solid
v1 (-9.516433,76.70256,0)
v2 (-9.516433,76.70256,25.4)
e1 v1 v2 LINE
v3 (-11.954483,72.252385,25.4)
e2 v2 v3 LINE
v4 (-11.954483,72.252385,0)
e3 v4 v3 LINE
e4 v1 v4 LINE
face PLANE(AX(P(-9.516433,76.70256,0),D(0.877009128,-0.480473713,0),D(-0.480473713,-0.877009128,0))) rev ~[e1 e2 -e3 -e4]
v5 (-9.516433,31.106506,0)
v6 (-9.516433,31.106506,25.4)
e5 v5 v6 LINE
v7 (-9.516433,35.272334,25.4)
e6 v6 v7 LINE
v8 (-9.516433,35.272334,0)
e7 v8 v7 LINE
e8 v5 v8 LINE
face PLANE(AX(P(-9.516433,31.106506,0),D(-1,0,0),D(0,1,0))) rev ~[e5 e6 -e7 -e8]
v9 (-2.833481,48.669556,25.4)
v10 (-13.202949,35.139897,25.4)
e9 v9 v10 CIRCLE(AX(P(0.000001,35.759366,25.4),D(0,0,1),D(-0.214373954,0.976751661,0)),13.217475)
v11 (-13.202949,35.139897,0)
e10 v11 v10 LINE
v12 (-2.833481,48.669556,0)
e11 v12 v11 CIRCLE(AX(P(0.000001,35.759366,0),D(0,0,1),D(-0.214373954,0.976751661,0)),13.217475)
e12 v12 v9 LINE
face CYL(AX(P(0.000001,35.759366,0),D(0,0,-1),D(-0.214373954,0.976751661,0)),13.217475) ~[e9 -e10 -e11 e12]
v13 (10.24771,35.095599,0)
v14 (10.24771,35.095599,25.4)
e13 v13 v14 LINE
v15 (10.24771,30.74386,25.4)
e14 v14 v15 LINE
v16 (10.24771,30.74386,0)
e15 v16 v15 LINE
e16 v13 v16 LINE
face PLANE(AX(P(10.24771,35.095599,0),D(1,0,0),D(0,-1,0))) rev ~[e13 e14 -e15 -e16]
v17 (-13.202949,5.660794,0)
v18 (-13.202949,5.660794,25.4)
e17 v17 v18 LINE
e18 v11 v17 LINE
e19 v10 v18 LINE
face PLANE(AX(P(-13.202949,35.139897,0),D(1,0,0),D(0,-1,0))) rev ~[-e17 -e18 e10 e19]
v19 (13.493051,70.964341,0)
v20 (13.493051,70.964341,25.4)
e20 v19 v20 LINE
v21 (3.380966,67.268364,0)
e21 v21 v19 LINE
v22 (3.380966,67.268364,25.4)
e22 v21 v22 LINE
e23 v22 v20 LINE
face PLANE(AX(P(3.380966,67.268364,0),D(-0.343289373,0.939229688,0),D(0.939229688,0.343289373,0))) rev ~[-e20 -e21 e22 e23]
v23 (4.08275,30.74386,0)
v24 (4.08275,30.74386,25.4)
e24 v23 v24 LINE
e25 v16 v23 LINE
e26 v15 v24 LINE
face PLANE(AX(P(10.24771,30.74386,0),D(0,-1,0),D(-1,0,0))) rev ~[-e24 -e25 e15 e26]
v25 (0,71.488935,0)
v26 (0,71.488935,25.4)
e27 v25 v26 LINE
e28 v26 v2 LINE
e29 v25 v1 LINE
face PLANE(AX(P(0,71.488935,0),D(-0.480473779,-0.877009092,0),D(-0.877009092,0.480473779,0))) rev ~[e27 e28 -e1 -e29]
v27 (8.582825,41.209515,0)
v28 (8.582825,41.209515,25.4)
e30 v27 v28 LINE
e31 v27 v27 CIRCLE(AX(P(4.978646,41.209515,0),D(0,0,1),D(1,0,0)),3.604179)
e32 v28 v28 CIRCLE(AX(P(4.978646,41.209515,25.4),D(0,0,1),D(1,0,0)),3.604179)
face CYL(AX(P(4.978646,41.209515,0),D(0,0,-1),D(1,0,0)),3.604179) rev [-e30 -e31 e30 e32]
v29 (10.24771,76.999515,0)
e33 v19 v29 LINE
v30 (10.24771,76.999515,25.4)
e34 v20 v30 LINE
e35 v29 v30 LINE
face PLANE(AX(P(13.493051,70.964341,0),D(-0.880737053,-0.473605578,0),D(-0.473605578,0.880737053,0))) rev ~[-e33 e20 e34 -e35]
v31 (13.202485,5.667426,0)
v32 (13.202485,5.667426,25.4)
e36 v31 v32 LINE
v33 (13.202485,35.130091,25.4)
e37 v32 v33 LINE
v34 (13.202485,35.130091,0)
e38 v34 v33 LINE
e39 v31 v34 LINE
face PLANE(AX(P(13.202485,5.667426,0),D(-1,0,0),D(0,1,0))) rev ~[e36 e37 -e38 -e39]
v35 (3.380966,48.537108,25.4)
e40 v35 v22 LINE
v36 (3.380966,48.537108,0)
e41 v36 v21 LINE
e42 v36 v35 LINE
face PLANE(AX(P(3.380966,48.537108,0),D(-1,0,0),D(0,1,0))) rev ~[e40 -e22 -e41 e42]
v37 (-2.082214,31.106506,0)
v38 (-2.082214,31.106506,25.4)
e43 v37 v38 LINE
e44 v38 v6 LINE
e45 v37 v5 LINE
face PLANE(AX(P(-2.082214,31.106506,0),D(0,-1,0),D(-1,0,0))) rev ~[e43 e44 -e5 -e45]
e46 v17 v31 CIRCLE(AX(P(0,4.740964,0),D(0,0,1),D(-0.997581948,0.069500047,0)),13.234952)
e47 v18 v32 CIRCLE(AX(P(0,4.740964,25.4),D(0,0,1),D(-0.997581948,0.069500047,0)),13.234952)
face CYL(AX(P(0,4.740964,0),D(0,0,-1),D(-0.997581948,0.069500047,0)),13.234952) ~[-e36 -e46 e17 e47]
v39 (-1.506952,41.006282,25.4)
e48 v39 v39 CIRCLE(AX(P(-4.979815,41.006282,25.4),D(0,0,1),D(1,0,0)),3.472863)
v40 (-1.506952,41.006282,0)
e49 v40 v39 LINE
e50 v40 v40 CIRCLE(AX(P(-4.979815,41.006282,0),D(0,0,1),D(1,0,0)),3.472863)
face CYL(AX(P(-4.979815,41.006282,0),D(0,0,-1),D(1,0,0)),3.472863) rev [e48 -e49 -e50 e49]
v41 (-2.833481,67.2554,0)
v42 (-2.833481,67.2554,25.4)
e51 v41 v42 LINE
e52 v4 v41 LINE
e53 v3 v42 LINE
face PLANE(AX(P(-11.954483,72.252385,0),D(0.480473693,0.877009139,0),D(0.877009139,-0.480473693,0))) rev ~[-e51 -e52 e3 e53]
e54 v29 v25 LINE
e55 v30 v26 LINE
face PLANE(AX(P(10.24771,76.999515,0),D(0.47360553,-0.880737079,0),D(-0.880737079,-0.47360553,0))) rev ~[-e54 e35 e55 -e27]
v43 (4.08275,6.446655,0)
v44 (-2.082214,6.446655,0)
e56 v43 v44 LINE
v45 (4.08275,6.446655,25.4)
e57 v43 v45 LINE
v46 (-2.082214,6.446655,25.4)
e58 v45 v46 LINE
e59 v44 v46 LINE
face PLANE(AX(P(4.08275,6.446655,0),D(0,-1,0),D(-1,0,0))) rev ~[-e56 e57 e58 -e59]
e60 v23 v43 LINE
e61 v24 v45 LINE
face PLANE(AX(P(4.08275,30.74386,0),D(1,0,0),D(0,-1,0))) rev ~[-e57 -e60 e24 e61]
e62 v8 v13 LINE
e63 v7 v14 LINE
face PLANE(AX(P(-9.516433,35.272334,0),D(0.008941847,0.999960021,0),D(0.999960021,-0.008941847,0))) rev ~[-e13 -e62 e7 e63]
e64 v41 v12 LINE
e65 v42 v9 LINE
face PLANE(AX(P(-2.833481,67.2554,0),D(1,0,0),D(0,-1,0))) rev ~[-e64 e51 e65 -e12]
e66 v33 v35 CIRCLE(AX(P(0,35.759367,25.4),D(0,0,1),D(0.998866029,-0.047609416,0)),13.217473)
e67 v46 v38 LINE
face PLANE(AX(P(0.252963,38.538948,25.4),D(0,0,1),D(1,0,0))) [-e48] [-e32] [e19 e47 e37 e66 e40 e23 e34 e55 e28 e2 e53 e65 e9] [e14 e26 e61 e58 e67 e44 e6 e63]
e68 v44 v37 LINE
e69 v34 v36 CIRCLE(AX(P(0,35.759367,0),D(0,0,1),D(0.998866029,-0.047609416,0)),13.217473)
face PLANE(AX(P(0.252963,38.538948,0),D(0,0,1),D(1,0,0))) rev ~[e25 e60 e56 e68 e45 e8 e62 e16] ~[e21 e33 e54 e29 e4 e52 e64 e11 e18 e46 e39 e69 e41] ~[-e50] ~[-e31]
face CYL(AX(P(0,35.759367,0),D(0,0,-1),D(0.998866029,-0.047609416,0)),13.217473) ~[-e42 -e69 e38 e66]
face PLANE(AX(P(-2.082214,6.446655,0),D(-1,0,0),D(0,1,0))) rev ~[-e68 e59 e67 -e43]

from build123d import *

# Parameters (mm, degrees)
F0_R     = 3.472863
F0_R_2   = 3.604179
F1_DEPTH = 25.4


with BuildPart() as f1:
    # F0 (on Top) → F1 (new body)
    with BuildSketch(Plane.XY):
        with BuildLine():
            Line((13.202485, 5.667426), (13.202485, 35.130091))
            ThreePointArc((13.202485, 35.130091), (10.662539, 43.570376), (3.380966, 48.537108))
            Line((3.380966, 48.537108), (3.380966, 67.268364))
            Line((3.380966, 67.268364), (13.493051, 70.964341))
            Line((13.493051, 70.964341), (10.24771, 76.999515))
            Line((10.24771, 76.999515), (0, 71.488935))
            Line((0, 71.488935), (-9.516433, 76.70256))
            Line((-9.516433, 76.70256), (-11.954483, 72.252385))
            Line((-11.954483, 72.252385), (-2.833481, 67.2554))
            Line((-2.833481, 67.2554), (-2.833481, 48.669556))
            ThreePointArc((-2.833481, 48.669556), (-10.490695, 43.799697), (-13.202949, 35.139897))
            Line((-13.202949, 35.139897), (-13.202949, 5.660794))
            ThreePointArc((-13.202949, 5.660794), (0.003324, -8.493987), (13.202485, 5.667426))
        make_face()
        Polygon((-2.082214, 31.106506), (-9.516433, 31.106506), (-9.516433, 35.272334), (10.24771, 35.095599), (10.24771, 30.74386), (4.08275, 30.74386), (4.08275, 6.446655), (-2.082214, 6.446655), align=None, mode=Mode.SUBTRACT)
        with Locations((-4.979815, 41.006282)):
            Circle(F0_R, mode=Mode.SUBTRACT)
        with Locations((4.978646, 41.209515)):
            Circle(F0_R_2, mode=Mode.SUBTRACT)
    extrude(amount=F1_DEPTH)


solid = f1.part
